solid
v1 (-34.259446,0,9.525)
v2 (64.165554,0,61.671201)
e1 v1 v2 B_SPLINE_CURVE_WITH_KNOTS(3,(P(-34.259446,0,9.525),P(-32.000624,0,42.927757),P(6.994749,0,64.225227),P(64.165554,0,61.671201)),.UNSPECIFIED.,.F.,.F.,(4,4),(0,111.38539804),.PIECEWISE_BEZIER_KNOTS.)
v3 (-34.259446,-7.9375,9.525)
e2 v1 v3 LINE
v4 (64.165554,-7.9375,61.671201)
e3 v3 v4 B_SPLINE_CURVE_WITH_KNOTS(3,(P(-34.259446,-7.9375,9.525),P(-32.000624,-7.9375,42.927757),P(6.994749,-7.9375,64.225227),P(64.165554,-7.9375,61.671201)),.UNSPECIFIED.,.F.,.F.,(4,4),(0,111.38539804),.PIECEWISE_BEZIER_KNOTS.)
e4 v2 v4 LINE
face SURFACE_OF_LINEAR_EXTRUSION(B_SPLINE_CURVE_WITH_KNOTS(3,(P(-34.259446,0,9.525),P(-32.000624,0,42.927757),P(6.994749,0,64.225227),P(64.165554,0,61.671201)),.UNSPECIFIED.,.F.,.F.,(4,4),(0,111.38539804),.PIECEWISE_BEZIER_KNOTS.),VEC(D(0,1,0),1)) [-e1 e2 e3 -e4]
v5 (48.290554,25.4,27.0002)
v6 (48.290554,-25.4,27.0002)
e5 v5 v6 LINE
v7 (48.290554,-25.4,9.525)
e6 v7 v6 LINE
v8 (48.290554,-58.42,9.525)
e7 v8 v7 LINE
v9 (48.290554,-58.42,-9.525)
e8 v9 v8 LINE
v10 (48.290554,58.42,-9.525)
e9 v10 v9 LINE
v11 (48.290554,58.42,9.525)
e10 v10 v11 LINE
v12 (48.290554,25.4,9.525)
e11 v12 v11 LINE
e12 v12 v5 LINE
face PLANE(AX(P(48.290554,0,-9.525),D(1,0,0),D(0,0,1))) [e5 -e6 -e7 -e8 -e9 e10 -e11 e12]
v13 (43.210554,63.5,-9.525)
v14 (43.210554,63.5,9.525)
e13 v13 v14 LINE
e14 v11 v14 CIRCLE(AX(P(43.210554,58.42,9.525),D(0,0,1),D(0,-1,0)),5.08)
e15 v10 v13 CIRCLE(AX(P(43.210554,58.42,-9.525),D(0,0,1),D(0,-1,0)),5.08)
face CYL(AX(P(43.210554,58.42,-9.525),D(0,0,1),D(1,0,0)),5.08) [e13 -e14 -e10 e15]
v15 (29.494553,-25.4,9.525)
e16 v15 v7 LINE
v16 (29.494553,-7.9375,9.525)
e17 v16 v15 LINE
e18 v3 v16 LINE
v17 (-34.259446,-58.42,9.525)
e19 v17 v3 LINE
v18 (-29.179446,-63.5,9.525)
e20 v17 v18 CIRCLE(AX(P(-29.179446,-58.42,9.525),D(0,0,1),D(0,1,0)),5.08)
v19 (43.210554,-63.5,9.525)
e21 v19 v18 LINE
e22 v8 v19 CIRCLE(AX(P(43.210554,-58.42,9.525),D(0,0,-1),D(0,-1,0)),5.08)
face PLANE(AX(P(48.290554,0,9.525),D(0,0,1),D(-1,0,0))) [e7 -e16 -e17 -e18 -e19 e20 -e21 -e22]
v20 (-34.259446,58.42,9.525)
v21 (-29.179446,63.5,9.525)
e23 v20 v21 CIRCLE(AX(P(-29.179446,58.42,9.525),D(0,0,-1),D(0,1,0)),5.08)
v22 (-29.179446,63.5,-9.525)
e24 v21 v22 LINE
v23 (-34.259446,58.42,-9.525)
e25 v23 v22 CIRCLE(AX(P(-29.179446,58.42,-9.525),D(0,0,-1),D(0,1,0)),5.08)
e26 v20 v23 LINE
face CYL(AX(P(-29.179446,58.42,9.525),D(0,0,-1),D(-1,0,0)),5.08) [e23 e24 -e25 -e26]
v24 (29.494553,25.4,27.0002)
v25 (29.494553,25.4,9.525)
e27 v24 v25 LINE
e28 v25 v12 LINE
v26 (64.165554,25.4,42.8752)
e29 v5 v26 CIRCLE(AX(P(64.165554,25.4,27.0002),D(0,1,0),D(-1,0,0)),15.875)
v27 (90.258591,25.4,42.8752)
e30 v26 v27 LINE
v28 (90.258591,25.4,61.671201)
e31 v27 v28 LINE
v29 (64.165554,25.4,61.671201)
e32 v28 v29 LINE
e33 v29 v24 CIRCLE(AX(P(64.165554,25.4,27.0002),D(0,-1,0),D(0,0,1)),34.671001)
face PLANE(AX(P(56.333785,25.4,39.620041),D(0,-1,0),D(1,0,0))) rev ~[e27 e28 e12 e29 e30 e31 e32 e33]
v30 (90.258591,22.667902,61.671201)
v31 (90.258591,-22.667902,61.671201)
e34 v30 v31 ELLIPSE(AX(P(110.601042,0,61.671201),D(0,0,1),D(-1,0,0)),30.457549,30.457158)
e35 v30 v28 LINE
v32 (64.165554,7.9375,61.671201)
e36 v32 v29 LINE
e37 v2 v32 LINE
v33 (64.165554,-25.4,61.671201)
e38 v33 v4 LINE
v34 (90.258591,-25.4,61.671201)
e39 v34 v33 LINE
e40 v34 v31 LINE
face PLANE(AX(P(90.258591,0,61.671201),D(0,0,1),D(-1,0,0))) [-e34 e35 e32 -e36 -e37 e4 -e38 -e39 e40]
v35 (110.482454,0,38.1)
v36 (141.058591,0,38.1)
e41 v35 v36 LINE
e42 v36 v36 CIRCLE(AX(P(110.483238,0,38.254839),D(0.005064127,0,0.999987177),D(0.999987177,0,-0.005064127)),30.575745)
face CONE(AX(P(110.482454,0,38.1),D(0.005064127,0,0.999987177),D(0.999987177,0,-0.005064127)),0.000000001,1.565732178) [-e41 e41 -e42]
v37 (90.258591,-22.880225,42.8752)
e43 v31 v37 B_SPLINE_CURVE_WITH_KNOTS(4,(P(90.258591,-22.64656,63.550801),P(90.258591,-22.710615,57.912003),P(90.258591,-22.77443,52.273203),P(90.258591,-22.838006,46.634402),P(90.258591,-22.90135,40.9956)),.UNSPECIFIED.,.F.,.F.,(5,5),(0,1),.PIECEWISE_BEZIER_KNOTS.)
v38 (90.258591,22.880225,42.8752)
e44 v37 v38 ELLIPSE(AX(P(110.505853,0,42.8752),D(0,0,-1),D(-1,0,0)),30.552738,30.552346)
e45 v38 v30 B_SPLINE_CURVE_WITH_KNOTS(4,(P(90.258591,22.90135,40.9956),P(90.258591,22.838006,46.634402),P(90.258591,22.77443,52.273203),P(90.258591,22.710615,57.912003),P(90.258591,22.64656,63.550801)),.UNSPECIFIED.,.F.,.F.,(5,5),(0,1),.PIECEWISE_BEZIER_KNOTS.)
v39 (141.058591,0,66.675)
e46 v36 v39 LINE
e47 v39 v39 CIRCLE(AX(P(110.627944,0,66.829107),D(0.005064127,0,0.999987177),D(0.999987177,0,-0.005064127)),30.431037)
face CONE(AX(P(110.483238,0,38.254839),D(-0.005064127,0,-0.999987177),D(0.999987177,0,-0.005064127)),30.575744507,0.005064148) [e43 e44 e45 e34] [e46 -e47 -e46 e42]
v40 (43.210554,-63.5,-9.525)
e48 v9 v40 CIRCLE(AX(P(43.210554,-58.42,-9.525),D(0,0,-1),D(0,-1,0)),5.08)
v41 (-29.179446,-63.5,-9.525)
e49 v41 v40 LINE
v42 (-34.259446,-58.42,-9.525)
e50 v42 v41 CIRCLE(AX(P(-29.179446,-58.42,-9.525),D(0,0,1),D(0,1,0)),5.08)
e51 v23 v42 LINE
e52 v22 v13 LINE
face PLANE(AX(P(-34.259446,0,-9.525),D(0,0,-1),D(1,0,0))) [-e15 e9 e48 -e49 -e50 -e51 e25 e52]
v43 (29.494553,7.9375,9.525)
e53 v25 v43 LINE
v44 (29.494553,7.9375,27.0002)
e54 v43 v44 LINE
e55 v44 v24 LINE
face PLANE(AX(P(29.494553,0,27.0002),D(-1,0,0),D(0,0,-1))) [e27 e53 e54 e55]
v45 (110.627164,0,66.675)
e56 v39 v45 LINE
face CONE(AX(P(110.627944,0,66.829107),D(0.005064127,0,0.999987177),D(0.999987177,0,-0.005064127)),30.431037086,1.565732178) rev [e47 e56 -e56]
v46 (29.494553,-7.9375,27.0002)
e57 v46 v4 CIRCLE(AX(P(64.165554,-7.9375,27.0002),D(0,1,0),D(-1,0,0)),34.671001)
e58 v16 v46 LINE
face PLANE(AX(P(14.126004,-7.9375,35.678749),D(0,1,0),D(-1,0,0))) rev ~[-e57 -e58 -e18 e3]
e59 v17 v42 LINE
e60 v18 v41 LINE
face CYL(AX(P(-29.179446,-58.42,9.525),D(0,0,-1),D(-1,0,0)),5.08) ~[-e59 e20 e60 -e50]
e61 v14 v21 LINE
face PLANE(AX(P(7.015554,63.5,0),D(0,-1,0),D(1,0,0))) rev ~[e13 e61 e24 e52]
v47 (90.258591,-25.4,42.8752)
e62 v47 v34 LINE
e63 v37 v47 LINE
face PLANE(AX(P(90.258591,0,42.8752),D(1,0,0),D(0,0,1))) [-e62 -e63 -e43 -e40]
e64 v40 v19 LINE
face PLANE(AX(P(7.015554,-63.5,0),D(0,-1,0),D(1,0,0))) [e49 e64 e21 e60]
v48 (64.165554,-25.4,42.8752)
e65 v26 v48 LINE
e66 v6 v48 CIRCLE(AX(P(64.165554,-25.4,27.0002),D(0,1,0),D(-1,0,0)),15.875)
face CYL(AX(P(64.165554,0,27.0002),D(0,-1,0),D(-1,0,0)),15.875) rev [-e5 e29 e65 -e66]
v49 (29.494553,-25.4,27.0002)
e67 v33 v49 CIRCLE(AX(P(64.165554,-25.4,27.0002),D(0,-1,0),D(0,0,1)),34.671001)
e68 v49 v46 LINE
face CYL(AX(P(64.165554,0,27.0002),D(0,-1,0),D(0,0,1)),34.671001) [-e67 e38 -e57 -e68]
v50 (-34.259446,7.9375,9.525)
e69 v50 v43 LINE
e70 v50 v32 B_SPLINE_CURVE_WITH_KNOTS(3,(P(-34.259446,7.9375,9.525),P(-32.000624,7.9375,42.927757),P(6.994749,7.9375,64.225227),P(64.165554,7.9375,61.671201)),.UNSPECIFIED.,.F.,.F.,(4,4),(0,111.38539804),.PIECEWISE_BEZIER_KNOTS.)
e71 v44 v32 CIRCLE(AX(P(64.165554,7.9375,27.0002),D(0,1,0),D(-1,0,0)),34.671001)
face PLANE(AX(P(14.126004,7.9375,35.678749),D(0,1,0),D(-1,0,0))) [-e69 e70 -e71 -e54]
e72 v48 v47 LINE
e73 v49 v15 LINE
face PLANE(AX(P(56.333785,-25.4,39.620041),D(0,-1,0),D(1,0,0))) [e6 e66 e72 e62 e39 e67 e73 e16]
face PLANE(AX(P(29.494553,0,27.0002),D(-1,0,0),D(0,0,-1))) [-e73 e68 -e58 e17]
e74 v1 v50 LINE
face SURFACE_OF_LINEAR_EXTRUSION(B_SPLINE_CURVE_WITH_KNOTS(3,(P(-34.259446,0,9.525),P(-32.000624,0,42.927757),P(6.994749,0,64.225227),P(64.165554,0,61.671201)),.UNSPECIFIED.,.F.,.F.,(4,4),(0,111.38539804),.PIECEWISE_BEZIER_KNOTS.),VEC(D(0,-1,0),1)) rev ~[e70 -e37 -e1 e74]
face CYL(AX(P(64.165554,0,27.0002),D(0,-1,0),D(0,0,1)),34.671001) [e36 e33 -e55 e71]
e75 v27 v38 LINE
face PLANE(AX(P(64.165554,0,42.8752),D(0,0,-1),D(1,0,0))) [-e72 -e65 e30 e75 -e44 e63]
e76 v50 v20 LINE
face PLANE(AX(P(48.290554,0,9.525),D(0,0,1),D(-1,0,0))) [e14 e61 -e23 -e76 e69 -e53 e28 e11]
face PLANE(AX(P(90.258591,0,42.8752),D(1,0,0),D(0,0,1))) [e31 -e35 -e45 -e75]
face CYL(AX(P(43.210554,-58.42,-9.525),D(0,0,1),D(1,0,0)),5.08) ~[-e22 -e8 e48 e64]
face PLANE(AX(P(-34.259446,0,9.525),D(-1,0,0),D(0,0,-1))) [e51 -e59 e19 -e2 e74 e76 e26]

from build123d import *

# Parameters (mm, degrees)
F1_DEPTH = 63.5
F2_DEPTH = 25.4
F3_DEPTH = 7.9375
F5_R     = 5.08


with BuildPart() as f1:
    # F0 (on Front) → F1 (new body, symmetric)
    with BuildSketch(Plane.XZ):
        Polygon((29.4945527817, 9.525), (-34.2594462869, 9.525), (-34.2594462869, -9.525), (48.2905537131, -9.525), (48.2905537131, 9.525), align=None)
    extrude(amount=F1_DEPTH, both=True)

    # F0 (on Front) → F2 (join, symmetric)
    with BuildSketch(Plane.XZ):
        with BuildLine():
            Line((29.4945527817, 27.0002), (29.4945527817, 9.525))
            Line((29.4945527817, 9.525), (48.2905537131, 9.525))
            Line((48.2905537131, 9.525), (48.2905537131, 27.0002))
            ThreePointArc((48.2905537131, 27.0002), (52.9402335618, 38.2255201513), (64.1655537131, 42.8752))
            Line((64.1655537131, 42.8752), (90.2585908771, 42.8752))
            Line((90.2585908771, 42.8752), (90.2585908771, 61.6712009314))
            Line((90.2585908771, 61.6712009314), (64.1655537131, 61.6712009314))
            ThreePointArc((64.1655537131, 61.6712009314), (39.649453844, 51.5162998691), (29.4945527817, 27.0002))
        make_face()
    extrude(amount=F2_DEPTH, both=True)

    # F0 (on Front) → F3 (join, symmetric)
    with BuildSketch(Plane.XZ):
        with BuildLine():
            add(Edge.make_bspline(
                [(-34.2594462869, 9.525), (-32.0006241091, 42.9277569056), (6.9947489537, 64.2252266407), (64.1655537131, 61.6712009314)],
                knots=[0, 0, 0, 0, 111.3853980402, 111.3853980402, 111.3853980402, 111.3853980402], degree=3))
            Line((-34.2594462869, 9.525), (29.4945527817, 9.525))
            Line((29.4945527817, 9.525), (29.4945527817, 27.0002))
            ThreePointArc((29.4945527817, 27.0002), (39.649453844, 51.5162998691), (64.1655537131, 61.6712009314))
        make_face()
    extrude(amount=F3_DEPTH, both=True)

    # F0 (on Front) → F4 (revolve)
    with BuildSketch(Plane.XZ):
        Polygon((110.6271635748, 66.675), (110.6018233776, 61.6712009314), (110.4824542999, 38.1), (141.0585908771, 38.1), (141.0585908771, 66.675), align=None)
    revolve(axis=Axis((110.5548089374, 0, 52.3875), (0.0050641267, 0, 0.9999871772)))

    # F5
    f5_edges = [f1.edges().sort_by_distance(p)[0] for p in [
        (48.290554, 63.5, 0),
        (48.290554, -63.5, 0),
        (-34.259446, -63.5, 0),
        (-34.259446, 63.5, 0),
    ]]
    fillet(f5_edges, radius=F5_R)


solid = f1.part
